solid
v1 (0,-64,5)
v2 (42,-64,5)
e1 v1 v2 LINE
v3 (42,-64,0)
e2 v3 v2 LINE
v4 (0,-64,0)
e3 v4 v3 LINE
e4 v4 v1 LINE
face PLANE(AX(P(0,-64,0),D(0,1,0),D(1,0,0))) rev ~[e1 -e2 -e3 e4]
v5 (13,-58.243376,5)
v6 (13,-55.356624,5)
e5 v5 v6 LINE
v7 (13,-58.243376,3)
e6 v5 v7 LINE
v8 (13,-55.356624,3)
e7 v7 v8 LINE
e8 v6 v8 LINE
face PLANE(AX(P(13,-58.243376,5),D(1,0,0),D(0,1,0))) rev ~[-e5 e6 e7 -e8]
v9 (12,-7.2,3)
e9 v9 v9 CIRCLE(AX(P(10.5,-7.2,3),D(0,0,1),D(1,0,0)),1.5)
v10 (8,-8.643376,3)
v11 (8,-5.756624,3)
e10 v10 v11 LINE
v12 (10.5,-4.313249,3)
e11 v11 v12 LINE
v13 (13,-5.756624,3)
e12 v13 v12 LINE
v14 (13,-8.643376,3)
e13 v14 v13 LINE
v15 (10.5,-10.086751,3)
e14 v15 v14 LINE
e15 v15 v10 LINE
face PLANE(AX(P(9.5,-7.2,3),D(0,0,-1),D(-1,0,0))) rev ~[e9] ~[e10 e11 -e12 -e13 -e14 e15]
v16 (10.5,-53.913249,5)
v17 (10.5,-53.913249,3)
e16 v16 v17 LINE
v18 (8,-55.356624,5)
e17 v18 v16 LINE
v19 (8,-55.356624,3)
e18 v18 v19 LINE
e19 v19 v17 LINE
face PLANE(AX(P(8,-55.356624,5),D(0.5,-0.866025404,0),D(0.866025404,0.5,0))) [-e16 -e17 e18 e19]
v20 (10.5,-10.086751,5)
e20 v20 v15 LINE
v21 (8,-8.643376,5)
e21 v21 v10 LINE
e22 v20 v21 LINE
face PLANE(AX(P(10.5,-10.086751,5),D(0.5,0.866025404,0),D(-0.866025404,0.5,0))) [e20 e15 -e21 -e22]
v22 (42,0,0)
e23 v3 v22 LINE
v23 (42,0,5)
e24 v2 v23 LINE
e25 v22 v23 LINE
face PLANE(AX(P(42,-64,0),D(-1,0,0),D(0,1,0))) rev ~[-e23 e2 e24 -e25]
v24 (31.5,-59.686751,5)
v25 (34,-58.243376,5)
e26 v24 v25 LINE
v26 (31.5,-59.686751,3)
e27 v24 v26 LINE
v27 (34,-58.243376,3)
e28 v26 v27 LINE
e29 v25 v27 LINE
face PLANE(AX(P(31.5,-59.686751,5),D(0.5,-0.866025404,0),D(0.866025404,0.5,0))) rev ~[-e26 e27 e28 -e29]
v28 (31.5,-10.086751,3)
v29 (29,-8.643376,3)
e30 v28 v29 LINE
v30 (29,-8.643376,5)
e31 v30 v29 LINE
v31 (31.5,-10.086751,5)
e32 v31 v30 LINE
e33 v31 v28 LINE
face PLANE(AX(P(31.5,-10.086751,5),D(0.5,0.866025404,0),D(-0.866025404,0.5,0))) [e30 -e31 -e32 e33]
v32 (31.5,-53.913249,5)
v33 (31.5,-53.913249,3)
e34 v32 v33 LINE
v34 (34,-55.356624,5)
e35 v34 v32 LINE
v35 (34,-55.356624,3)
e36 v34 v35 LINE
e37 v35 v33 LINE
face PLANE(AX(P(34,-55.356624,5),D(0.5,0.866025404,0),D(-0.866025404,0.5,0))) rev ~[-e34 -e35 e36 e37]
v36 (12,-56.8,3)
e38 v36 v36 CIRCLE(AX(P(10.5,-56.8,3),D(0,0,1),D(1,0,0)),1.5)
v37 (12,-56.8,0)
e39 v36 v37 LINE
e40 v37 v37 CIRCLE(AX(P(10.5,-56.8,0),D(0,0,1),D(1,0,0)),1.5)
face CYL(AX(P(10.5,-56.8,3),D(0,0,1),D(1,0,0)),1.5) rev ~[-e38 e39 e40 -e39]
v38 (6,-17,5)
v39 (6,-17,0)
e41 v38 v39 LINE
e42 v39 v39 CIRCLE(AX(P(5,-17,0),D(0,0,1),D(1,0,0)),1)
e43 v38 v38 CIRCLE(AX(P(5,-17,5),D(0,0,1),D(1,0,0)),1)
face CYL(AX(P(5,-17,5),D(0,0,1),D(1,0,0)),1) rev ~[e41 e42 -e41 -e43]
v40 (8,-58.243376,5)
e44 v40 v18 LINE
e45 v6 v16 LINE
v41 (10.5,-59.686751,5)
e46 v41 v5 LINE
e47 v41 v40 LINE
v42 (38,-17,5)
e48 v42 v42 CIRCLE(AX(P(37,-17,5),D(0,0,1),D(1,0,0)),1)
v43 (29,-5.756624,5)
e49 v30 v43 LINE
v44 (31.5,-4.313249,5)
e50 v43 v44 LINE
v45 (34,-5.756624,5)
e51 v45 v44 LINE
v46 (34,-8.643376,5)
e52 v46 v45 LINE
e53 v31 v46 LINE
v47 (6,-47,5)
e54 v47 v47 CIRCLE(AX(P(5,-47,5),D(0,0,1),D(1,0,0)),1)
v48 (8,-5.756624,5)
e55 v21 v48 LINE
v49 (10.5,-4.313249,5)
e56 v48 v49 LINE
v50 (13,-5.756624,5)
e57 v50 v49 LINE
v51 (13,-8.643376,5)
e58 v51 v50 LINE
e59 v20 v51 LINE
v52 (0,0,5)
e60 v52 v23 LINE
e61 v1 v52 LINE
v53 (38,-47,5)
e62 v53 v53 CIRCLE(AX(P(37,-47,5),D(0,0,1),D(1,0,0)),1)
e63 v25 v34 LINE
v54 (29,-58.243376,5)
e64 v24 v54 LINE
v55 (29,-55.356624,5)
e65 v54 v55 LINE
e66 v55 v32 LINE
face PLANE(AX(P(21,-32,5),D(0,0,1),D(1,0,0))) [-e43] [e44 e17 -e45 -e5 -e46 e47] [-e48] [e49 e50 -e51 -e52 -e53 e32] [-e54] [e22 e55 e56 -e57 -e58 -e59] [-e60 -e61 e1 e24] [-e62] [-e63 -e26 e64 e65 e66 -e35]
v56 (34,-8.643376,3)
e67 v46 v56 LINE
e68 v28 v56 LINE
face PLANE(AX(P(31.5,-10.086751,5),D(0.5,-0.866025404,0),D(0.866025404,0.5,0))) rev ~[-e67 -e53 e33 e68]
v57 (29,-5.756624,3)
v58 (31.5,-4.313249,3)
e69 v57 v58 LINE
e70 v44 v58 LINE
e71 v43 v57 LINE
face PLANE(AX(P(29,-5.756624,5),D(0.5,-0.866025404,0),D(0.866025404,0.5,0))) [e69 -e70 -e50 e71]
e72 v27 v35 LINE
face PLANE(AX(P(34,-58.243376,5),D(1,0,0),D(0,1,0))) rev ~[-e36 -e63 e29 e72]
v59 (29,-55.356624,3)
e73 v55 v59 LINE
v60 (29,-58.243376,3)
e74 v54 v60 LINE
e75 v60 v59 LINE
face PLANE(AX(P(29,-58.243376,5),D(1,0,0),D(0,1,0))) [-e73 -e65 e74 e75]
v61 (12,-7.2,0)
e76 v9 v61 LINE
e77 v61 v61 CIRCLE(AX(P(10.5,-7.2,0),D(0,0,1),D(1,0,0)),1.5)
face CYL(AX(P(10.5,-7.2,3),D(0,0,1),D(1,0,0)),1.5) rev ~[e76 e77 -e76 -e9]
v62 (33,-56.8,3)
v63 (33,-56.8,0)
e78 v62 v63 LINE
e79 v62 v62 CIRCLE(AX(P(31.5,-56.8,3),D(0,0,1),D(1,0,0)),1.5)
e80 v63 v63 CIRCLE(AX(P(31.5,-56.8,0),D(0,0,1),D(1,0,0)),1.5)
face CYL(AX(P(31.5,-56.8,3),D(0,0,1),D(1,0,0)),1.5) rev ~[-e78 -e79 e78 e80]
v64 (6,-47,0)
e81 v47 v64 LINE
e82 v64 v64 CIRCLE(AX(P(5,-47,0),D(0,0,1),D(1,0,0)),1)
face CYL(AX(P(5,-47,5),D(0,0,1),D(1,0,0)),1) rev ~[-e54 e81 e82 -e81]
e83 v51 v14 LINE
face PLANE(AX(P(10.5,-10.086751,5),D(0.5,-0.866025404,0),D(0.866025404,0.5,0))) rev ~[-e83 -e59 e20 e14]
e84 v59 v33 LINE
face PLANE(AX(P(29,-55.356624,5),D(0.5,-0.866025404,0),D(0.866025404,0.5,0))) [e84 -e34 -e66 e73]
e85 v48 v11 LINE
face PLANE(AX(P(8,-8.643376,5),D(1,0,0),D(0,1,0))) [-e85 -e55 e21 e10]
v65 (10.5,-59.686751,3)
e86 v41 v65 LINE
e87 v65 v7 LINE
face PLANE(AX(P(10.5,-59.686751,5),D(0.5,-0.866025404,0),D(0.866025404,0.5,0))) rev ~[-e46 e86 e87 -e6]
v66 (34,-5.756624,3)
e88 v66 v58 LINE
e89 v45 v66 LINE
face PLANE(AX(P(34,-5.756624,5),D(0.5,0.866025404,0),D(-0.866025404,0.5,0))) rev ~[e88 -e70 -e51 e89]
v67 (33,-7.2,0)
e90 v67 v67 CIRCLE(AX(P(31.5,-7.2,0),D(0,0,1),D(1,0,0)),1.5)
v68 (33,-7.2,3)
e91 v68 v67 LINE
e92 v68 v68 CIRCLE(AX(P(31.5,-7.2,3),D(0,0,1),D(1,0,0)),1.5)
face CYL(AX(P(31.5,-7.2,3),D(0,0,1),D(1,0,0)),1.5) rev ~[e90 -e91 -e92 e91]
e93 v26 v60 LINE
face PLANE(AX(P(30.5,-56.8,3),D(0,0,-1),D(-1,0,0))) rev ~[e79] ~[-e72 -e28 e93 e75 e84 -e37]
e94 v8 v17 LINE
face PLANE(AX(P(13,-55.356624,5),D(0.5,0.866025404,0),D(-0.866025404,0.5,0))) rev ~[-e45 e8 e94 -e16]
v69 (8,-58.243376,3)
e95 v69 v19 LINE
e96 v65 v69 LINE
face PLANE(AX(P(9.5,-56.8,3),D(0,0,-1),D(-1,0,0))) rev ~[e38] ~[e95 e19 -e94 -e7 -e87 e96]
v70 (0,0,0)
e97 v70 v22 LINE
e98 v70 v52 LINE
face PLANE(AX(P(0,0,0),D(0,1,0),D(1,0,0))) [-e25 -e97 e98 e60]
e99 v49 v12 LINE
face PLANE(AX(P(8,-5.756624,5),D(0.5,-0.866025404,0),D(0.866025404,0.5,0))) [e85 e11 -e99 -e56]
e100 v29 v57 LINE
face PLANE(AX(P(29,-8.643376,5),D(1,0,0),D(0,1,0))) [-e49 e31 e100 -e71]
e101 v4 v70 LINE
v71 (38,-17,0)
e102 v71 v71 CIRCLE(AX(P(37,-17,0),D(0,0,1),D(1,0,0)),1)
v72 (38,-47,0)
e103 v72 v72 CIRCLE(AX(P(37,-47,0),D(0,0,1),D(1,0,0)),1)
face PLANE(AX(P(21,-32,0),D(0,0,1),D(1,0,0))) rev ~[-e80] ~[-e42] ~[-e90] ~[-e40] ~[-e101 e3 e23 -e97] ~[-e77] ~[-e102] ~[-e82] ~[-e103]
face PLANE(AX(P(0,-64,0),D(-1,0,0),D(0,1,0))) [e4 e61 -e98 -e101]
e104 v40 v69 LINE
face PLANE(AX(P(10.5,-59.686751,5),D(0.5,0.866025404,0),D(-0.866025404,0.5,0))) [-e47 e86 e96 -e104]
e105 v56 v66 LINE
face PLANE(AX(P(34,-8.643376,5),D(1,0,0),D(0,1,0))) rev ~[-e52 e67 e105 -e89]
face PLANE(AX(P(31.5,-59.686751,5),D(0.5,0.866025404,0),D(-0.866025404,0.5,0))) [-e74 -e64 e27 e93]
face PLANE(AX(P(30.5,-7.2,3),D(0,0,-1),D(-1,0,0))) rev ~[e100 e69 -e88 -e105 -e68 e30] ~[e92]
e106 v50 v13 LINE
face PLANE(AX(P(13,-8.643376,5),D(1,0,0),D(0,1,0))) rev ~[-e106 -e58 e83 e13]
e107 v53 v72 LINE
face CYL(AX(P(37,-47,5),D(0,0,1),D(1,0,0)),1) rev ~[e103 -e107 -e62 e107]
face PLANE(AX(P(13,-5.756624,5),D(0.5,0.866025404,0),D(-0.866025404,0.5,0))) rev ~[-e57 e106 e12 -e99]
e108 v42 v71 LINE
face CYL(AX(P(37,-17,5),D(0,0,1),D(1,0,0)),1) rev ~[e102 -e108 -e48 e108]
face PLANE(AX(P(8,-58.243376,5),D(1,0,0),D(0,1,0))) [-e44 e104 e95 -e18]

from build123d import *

# Parameters (mm, degrees)
SKETCH_1_W          = 42
SKETCH_1_H          = 64
EXTRUDE_1_DEPTH     = 5
CUT_EXTRUDE_1_DEPTH = 2
SKETCH_4_R          = 1.5
CUT_EXTRUDE_2_DEPTH = 77.609398901
SKETCH_5_R          = 1
CUT_EXTRUDE_3_DEPTH = 5


with BuildPart() as part:
    # 스케치1 → 보스-돌출1 (new body)
    with BuildSketch(Plane.XY):
        with Locations((21, -32)):
            Rectangle(SKETCH_1_W, SKETCH_1_H)
    extrude(amount=EXTRUDE_1_DEPTH)

    # 스케치2 → 컷-돌출1 (cut)
    with BuildSketch(Plane.XY.offset(5)):
        Polygon((10.5, -4.313248654), (10.5, -10.086751346), (8, -8.643375673), (8, -5.756624327), align=None)
        Polygon((13, -5.756624327), (10.5, -4.313248654), (10.5, -10.086751346), (13, -8.643375673), align=None)
        Polygon((31.5, -4.313248654), (31.5, -10.086751346), (29, -8.643375673), (29, -5.756624327), align=None)
        Polygon((34, -5.756624327), (31.5, -4.313248654), (31.5, -10.086751346), (34, -8.643375673), align=None)
        Polygon((10.5, -53.913248654), (10.5, -59.686751346), (8, -58.243375673), (8, -55.356624327), align=None)
        Polygon((13, -55.356624327), (10.5, -53.913248654), (10.5, -59.686751346), (13, -58.243375673), align=None)
        Polygon((31.5, -53.913248654), (31.5, -59.686751346), (29, -58.243375673), (29, -55.356624327), align=None)
        Polygon((34, -55.356624327), (31.5, -53.913248654), (31.5, -59.686751346), (34, -58.243375673), align=None)
    extrude(amount=-CUT_EXTRUDE_1_DEPTH, mode=Mode.SUBTRACT)

    # 스케치4 → 컷-돌출2 (cut, through all)
    with BuildSketch(Plane.XY.offset(3)):
        with Locations((10.5, -7.2)):
            Circle(SKETCH_4_R)
        with Locations((31.5, -7.2)):
            Circle(SKETCH_4_R)
        with Locations((31.5, -56.8)):
            Circle(SKETCH_4_R)
        with Locations((10.5, -56.8)):
            Circle(SKETCH_4_R)
    extrude(amount=-CUT_EXTRUDE_2_DEPTH, mode=Mode.SUBTRACT)

    # 스케치5 → 컷-돌출3 (cut)
    with BuildSketch(Plane.XY.offset(5)):
        with Locations((5, -17)):
            Circle(SKETCH_5_R)
        with Locations((37, -17)):
            Circle(SKETCH_5_R)
        with Locations((5, -47)):
            Circle(SKETCH_5_R)
        with Locations((37, -47)):
            Circle(SKETCH_5_R)
    extrude(amount=-CUT_EXTRUDE_3_DEPTH, mode=Mode.SUBTRACT)


solid = part.part
